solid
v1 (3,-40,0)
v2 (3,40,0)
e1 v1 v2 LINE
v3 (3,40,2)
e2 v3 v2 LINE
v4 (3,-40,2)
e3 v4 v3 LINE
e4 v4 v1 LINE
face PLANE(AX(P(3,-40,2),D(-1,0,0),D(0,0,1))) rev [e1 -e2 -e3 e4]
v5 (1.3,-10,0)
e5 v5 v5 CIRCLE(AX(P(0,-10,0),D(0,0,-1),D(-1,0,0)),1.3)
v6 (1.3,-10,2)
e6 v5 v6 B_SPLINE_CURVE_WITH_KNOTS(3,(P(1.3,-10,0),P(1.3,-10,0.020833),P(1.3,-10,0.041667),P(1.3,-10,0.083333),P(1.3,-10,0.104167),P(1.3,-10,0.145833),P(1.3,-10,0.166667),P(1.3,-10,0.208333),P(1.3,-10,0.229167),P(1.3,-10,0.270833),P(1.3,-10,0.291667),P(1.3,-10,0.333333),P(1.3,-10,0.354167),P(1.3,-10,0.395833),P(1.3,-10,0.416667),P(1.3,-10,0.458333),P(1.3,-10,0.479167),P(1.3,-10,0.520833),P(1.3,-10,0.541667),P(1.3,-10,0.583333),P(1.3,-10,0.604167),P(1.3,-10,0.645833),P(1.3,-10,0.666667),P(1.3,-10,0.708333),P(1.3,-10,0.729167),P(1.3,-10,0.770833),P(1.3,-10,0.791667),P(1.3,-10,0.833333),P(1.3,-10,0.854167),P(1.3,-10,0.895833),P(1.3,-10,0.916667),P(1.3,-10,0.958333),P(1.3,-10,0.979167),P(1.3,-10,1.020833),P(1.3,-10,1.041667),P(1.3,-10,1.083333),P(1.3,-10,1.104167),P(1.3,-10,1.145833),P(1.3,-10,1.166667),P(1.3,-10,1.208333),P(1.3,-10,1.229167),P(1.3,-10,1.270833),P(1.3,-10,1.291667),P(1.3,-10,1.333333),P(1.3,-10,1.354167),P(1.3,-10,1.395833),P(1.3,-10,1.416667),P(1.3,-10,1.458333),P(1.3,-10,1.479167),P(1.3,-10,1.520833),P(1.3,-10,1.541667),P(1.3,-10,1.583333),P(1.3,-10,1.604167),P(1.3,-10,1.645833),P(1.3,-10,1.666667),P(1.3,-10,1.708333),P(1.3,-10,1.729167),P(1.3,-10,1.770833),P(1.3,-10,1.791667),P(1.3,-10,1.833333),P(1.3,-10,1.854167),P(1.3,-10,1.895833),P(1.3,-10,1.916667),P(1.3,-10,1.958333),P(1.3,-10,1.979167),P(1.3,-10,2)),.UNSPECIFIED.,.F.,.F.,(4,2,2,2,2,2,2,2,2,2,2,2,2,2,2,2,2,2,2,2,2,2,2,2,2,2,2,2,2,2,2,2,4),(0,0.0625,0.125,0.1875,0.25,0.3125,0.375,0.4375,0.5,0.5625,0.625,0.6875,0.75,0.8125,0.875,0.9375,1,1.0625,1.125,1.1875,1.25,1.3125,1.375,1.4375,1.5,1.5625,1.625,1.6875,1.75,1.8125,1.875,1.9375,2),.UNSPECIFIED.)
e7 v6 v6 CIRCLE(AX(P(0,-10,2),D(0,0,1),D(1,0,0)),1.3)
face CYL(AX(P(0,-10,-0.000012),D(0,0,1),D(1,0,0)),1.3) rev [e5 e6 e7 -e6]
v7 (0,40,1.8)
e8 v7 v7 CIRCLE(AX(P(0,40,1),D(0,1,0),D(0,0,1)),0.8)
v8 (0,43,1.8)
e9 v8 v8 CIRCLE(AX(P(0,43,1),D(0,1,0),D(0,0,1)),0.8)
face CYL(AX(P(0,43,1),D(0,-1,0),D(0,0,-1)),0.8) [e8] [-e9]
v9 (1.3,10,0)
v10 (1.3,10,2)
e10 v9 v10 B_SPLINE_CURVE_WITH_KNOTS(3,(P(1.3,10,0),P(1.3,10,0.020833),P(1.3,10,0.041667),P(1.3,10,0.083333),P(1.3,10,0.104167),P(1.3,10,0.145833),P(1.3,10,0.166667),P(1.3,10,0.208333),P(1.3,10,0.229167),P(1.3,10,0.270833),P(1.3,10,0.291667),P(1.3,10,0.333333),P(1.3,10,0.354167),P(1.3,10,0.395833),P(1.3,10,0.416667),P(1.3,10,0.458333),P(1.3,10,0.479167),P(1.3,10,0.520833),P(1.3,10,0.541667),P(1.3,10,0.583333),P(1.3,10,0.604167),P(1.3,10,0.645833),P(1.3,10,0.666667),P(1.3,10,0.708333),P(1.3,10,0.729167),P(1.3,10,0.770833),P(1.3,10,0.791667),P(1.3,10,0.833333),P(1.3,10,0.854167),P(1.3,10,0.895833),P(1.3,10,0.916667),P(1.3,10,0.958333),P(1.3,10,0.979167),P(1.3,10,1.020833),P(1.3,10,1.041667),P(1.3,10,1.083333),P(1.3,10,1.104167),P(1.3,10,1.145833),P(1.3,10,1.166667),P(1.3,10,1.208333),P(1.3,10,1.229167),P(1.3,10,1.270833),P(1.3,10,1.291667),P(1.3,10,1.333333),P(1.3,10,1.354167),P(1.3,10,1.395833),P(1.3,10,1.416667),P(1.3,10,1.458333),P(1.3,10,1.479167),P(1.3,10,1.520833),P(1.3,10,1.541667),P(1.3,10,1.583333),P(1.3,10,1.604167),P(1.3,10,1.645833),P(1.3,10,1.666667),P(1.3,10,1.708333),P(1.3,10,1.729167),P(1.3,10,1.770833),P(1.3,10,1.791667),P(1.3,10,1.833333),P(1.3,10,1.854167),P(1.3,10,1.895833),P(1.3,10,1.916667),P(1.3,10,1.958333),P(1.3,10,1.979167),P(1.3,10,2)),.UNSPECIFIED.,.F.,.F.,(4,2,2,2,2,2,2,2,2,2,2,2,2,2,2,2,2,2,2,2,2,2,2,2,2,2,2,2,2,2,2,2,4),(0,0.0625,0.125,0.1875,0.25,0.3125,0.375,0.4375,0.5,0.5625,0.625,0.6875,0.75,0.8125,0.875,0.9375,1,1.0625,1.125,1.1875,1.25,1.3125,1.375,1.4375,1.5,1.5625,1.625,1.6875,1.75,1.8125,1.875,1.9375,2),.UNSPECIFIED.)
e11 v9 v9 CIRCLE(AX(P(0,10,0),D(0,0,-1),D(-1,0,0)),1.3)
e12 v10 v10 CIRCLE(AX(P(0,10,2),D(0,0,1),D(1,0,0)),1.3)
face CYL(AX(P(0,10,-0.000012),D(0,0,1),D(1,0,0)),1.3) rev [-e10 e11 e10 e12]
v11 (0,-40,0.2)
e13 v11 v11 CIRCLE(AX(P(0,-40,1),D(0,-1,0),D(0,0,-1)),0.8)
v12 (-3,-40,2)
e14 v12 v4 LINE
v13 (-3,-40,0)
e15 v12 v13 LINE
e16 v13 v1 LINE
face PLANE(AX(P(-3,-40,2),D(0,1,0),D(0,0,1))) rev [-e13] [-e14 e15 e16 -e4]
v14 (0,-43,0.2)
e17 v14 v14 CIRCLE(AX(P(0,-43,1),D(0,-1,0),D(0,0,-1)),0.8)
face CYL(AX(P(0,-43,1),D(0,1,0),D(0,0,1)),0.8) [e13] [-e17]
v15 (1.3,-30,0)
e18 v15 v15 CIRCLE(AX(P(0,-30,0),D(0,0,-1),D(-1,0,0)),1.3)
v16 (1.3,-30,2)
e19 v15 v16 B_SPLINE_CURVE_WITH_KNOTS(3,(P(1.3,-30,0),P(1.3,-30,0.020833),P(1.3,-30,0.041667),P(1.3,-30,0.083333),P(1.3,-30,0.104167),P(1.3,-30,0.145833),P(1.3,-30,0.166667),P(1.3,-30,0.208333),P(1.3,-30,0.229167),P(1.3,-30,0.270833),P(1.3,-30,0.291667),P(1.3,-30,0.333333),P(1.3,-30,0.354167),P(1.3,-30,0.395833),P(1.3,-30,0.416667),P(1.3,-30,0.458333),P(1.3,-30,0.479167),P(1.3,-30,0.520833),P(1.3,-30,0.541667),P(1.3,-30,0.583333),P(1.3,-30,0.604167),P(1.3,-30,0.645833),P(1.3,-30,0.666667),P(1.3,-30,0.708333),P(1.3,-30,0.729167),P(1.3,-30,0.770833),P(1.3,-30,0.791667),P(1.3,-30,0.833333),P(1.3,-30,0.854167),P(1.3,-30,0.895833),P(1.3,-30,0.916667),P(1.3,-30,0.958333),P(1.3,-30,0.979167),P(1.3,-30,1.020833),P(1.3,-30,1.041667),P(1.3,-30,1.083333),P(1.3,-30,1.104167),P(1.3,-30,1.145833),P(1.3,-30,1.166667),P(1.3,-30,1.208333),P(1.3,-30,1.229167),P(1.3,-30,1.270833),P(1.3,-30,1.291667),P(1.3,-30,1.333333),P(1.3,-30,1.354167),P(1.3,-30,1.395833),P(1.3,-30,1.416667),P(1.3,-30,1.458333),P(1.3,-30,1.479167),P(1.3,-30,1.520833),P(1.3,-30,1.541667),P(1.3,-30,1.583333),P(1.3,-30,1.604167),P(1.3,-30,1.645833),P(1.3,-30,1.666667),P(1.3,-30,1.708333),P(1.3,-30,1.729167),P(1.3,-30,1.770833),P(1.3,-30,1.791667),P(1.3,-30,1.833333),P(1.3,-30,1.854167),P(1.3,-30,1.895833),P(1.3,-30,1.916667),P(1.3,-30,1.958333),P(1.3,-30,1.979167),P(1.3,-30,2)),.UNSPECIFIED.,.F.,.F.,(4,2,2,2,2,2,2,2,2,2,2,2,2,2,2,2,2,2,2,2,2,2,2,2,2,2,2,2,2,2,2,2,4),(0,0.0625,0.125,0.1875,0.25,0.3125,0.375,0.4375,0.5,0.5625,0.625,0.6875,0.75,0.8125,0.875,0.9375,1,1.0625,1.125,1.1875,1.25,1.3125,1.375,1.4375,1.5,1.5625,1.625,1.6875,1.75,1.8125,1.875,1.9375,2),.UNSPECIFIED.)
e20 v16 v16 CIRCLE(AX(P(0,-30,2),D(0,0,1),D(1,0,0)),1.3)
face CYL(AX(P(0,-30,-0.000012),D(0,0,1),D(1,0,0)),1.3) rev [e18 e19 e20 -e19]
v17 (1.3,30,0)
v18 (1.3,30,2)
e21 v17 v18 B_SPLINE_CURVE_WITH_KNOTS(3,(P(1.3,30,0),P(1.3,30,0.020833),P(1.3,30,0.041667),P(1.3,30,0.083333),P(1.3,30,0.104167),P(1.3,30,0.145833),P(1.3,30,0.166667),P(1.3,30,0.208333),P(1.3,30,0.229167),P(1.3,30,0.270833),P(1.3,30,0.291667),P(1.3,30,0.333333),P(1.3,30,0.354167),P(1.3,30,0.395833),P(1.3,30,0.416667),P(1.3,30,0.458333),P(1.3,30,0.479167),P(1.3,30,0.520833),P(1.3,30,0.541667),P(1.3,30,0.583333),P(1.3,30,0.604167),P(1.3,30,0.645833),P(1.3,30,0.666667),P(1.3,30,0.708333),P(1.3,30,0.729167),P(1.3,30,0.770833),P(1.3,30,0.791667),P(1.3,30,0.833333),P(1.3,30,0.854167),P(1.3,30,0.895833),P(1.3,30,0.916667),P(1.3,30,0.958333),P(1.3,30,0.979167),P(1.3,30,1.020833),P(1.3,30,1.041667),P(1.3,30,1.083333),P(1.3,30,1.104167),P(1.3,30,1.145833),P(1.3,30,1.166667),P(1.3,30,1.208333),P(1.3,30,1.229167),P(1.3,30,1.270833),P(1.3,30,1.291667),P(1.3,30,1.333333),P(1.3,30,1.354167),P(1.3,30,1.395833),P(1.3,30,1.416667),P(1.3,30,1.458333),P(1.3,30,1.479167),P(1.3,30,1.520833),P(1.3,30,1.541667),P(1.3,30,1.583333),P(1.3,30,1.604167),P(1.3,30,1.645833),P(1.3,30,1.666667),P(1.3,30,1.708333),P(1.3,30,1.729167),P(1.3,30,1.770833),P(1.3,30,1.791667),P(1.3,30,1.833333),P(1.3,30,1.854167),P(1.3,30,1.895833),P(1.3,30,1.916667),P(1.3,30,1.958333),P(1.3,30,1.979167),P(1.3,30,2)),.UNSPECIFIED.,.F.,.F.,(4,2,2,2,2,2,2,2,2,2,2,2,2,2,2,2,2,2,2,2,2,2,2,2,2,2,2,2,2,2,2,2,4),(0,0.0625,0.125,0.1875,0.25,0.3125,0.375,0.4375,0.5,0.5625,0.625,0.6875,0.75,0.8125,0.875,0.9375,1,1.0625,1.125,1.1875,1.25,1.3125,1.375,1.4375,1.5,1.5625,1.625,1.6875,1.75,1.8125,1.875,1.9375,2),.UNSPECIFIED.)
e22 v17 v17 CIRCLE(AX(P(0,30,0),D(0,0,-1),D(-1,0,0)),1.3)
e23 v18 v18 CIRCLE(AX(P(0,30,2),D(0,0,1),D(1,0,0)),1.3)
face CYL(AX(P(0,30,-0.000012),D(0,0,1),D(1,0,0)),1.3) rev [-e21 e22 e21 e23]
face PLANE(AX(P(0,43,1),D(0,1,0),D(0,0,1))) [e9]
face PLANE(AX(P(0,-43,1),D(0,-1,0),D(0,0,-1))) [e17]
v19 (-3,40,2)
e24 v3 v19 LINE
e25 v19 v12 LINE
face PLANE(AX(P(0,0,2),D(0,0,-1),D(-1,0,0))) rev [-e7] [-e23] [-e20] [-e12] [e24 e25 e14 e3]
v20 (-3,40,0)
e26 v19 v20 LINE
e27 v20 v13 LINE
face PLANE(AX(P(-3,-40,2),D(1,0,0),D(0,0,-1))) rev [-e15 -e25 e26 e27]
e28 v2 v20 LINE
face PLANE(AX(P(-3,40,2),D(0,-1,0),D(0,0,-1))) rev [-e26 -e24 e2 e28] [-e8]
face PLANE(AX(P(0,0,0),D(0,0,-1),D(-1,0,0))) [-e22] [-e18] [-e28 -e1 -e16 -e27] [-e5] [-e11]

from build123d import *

# Parameters (mm, degrees)
SKETCH1_W             = 6
SKETCH1_H             = 80
ROD_BAR_DEPTH         = 2
LINK_HOLES_DEPTH      = 41.162171256
LINK_HOLES_DEPTH_BACK = 41.162171256
SKETCH2_R             = 1.3
SKETCH3_R             = 0.8
SMA_SPRING_PEG_DEPTH  = 3
BIAS_SPRING_PEG_START = 3
SKETCH4_R             = 0.8
BIAS_SPRING_PEG_DEPTH = 3


with BuildPart() as part:
    # Sketch1 → Rod_Bar (new body)
    with BuildSketch(Plane.XY):
        Rectangle(SKETCH1_W, SKETCH1_H)
    extrude(amount=ROD_BAR_DEPTH)

    # Sketch2 → Link_Holes (cut, two sides: drawn at the far end of the back side and taken through both)
    with BuildSketch(Plane.XY.offset(-LINK_HOLES_DEPTH_BACK)):
        with Locations((0, -30)):
            Circle(SKETCH2_R)
        with Locations((0, -10)):
            Circle(SKETCH2_R)
        with Locations((0, 10)):
            Circle(SKETCH2_R)
        with Locations((0, 30)):
            Circle(SKETCH2_R)
    extrude(amount=LINK_HOLES_DEPTH + LINK_HOLES_DEPTH_BACK, mode=Mode.SUBTRACT)

    # Sketch3 → SMA_Spring_Peg (add)
    with BuildSketch(Plane(origin=(0, 40, 0), x_dir=(1, 0, 0), z_dir=(0, 1, 0))):
        with Locations(Location((0, -1, 0), (0, 0, 270))):
            Circle(SKETCH3_R)
    extrude(amount=SMA_SPRING_PEG_DEPTH)

    # Sketch4 → Bias_Spring_Peg (add)
    with BuildSketch(Plane.XZ.offset(40).offset(BIAS_SPRING_PEG_START)):
        with Locations(Location((0, 1, 0), (0, 0, 90))):
            Circle(SKETCH4_R)
    extrude(amount=-BIAS_SPRING_PEG_DEPTH)


solid = part.part
